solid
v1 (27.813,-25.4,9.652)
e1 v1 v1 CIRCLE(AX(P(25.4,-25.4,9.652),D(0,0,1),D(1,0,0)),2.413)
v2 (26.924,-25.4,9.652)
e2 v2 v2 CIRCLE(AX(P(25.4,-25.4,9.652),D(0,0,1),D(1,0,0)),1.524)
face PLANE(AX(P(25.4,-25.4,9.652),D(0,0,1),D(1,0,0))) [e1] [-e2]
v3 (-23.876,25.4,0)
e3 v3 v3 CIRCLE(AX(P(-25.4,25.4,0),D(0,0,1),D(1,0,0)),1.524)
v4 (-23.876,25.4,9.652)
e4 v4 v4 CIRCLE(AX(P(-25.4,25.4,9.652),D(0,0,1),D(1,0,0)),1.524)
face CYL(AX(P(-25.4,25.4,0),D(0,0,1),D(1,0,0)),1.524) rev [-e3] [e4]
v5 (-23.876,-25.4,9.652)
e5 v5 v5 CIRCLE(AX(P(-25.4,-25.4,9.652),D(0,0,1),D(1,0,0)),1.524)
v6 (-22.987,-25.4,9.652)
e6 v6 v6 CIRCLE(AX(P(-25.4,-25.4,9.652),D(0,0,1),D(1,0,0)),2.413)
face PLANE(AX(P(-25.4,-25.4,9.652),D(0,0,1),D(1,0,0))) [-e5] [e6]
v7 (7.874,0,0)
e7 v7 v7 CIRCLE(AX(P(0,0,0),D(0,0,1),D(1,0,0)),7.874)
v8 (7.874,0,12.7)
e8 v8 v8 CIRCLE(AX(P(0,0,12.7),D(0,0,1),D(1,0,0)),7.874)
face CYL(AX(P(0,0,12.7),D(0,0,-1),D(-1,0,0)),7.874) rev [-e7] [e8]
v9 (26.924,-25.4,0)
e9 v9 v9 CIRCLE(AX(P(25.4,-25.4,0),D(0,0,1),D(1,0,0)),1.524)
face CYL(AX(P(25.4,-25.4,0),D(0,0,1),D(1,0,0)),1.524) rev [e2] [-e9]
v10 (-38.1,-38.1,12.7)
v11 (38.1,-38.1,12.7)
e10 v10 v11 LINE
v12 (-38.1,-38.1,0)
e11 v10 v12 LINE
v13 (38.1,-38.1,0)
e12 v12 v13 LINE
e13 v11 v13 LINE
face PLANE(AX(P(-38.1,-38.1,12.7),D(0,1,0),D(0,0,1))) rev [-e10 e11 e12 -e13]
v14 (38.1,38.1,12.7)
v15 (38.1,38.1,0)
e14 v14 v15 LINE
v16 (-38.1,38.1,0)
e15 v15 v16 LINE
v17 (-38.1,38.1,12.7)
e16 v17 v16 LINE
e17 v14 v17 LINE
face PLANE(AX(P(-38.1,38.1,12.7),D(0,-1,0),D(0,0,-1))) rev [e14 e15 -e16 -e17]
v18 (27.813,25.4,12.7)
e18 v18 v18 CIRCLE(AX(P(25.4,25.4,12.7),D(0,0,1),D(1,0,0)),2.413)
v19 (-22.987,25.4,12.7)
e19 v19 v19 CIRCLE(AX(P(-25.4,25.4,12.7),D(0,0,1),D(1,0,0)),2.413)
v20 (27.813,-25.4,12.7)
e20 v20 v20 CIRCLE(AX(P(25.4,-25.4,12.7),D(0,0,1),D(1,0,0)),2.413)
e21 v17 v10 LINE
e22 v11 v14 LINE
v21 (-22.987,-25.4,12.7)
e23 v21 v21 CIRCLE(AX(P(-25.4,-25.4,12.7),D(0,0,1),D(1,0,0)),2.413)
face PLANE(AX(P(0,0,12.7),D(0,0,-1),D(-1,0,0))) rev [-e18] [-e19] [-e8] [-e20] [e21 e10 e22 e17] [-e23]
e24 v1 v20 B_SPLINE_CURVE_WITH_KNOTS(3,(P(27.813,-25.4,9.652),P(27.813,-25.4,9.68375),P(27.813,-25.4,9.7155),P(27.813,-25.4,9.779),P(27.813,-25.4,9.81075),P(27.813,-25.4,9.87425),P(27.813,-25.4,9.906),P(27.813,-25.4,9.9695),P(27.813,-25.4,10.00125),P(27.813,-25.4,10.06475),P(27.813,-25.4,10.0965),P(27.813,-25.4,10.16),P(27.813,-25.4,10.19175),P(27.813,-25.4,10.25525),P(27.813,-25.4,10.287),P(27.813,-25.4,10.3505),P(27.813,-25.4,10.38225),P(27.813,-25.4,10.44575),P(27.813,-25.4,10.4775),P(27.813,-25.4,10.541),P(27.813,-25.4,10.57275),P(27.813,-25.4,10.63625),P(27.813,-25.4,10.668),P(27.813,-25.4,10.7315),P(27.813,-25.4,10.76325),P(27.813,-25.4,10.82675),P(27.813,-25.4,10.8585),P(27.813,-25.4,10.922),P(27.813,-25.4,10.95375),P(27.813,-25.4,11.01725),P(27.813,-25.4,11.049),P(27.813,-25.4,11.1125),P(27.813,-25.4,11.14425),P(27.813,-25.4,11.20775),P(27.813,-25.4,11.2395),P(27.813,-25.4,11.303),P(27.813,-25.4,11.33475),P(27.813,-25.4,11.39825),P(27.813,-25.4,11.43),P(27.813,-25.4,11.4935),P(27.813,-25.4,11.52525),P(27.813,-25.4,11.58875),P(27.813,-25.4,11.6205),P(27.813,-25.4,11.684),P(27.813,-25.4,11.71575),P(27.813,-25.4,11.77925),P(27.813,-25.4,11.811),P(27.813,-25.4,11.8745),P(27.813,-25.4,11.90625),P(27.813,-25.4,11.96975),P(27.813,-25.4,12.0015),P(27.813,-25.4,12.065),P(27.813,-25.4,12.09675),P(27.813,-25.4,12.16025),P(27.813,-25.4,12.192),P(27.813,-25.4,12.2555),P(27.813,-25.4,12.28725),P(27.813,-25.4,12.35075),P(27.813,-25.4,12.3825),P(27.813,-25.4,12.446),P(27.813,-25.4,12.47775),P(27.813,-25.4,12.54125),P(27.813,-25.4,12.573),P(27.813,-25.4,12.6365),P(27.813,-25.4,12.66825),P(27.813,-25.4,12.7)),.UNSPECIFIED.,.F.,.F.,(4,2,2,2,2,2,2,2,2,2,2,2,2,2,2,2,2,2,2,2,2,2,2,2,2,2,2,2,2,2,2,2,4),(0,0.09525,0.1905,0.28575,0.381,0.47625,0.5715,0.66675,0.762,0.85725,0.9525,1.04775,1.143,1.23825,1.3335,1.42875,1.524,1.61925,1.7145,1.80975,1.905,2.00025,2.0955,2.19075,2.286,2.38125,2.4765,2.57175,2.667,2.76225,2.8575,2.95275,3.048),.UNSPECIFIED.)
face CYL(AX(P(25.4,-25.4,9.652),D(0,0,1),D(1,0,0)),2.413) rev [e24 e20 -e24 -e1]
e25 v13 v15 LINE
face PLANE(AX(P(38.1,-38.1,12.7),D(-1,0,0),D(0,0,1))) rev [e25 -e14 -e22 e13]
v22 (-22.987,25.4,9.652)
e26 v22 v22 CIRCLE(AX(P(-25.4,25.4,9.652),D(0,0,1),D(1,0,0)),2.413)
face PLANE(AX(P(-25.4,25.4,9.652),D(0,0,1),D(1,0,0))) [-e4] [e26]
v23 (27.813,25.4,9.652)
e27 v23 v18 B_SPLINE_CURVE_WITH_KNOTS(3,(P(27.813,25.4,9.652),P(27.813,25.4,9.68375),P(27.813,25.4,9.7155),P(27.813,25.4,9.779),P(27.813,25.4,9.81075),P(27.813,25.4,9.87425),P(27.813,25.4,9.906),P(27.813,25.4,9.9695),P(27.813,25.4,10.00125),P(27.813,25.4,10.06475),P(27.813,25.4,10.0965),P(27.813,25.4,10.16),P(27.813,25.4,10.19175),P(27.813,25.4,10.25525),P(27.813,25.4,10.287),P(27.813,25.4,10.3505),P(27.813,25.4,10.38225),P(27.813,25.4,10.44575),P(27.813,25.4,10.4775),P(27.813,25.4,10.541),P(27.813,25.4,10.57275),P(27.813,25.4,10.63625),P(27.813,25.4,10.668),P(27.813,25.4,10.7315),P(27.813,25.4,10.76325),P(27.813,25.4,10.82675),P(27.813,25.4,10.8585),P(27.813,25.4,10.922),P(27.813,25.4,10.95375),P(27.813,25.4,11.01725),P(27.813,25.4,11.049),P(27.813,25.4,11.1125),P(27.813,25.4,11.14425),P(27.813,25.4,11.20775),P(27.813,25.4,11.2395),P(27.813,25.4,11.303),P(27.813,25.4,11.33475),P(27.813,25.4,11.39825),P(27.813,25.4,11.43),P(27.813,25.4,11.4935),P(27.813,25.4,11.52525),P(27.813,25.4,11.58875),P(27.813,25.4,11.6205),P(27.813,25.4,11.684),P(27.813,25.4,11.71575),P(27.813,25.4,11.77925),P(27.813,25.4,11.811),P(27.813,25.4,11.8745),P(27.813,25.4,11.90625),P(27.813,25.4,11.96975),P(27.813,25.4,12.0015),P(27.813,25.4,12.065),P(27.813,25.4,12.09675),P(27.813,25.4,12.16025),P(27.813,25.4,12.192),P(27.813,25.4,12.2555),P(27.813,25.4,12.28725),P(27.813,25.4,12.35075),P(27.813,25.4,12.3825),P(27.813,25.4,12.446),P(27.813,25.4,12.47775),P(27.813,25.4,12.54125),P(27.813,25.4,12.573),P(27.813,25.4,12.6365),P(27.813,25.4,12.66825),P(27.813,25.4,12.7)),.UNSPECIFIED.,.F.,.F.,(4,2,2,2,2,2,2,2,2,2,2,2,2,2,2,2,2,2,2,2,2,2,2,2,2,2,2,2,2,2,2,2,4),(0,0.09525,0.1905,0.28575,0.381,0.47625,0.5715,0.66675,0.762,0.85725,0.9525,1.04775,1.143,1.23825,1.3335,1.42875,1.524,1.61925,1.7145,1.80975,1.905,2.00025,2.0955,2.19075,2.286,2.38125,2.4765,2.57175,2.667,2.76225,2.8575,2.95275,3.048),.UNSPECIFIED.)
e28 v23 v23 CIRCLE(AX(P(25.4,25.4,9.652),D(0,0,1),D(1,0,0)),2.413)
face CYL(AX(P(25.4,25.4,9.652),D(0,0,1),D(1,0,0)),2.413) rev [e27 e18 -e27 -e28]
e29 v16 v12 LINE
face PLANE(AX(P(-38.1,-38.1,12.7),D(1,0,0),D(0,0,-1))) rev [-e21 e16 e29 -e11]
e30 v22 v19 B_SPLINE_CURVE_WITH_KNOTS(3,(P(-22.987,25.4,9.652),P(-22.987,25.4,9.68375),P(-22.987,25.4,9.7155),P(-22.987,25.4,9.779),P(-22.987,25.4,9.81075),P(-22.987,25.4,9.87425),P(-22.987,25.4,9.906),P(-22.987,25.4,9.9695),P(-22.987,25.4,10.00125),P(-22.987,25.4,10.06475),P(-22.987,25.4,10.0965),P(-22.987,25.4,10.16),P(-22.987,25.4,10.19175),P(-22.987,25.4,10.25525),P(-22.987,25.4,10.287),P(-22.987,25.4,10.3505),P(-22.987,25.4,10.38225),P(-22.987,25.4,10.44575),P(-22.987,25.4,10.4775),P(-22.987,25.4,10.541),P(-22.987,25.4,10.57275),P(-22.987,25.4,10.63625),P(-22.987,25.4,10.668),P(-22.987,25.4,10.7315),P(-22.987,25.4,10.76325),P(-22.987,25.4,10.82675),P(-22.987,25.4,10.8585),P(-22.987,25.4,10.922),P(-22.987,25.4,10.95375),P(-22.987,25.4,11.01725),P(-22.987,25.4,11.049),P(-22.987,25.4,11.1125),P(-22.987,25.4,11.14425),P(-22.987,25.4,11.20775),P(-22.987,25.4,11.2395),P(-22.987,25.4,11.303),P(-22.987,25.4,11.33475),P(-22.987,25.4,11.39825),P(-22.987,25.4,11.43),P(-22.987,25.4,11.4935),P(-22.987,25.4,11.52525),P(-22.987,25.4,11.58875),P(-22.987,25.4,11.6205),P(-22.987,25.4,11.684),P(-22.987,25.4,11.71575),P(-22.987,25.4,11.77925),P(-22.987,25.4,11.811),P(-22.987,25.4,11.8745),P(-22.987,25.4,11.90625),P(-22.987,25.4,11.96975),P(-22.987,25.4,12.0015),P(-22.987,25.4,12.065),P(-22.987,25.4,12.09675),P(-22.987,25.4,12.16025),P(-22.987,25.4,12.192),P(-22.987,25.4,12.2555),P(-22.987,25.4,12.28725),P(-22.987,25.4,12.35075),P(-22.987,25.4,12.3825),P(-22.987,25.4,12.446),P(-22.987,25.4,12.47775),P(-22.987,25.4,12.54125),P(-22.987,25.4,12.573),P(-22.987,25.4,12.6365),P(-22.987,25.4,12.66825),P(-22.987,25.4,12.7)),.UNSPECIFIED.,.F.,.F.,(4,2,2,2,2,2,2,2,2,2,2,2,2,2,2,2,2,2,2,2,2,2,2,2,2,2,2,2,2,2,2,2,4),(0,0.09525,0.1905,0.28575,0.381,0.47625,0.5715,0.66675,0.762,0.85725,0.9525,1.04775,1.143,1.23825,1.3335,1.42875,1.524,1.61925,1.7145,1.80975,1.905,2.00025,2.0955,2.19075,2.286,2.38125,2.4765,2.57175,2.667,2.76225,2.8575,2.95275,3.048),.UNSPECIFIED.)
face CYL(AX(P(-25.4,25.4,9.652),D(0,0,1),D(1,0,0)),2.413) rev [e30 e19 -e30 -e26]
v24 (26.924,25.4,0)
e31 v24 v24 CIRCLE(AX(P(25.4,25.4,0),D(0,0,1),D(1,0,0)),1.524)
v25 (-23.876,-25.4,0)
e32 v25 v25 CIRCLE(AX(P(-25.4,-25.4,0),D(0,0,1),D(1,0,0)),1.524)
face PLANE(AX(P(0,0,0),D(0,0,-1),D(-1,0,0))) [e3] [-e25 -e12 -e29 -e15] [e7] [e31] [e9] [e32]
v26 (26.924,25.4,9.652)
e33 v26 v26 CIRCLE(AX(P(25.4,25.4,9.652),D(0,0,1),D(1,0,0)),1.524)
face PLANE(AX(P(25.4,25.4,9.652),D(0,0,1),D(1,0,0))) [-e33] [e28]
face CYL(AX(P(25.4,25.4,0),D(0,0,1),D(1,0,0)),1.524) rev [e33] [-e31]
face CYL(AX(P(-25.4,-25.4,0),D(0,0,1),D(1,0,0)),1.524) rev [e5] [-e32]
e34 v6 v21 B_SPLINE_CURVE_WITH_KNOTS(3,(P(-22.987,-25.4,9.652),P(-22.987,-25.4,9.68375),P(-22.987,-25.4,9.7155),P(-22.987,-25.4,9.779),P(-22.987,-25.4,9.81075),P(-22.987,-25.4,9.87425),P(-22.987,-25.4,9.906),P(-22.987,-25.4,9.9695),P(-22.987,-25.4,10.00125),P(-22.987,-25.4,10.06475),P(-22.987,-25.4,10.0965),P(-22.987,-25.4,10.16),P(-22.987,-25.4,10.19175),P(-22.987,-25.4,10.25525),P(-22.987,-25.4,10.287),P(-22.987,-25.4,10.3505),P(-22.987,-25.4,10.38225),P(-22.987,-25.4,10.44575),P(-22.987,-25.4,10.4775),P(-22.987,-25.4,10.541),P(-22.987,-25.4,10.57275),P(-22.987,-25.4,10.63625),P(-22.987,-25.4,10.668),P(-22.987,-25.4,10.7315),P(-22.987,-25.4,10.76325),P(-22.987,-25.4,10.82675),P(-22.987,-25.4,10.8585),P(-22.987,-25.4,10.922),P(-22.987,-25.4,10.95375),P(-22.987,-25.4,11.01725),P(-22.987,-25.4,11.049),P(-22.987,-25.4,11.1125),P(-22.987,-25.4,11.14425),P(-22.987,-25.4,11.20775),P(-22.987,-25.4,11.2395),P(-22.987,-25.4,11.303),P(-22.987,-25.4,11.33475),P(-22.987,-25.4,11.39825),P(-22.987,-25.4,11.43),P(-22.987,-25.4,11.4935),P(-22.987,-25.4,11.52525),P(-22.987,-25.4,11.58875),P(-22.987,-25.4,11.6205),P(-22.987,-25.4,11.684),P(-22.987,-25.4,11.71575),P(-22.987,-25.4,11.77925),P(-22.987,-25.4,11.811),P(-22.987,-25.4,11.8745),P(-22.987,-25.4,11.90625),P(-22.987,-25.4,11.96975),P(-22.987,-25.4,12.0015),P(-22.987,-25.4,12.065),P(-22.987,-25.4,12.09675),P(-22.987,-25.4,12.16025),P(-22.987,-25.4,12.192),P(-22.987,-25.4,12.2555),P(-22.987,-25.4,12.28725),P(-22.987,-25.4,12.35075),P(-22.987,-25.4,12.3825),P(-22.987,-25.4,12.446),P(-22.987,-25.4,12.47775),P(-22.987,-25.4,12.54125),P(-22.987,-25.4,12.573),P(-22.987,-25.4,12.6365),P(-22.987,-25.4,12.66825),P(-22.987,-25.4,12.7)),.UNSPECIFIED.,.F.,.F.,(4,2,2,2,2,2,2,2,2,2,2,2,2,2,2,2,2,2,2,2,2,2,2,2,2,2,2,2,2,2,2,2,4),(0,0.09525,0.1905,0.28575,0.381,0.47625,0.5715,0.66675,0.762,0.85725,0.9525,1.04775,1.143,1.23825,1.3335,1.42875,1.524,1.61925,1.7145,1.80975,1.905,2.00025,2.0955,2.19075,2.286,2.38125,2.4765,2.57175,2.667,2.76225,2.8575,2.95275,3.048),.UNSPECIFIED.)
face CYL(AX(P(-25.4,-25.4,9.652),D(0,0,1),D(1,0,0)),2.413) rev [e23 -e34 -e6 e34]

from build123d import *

# Parameters (mm, degrees)
SKETCH2_W           = 76.2
SKETCH2_H           = 76.2
SKETCH2_R           = 7.874
BOSS_EXTRUDE1_DEPTH = 12.7
SKETCH6_R           = 2.413
CUT_EXTRUDE3_DEPTH  = 3.048
SKETCH7_R           = 1.524
CUT_EXTRUDE4_DEPTH  = 55.739209932


with BuildPart() as part:
    # Sketch2 → Boss-Extrude1 (new body)
    with BuildSketch(Plane.XY):
        Rectangle(SKETCH2_W, SKETCH2_H)
        Circle(SKETCH2_R, mode=Mode.SUBTRACT)
    extrude(amount=BOSS_EXTRUDE1_DEPTH)

    # Sketch6 → Cut-Extrude3 (cut)
    with BuildSketch(Plane.XY.offset(12.7)):
        with Locations((-25.4, 25.4)):
            Circle(SKETCH6_R)
        with Locations((25.4, 25.4)):
            Circle(SKETCH6_R)
        with Locations((25.4, -25.4)):
            Circle(SKETCH6_R)
        with Locations((-25.4, -25.4)):
            Circle(SKETCH6_R)
    extrude(amount=-CUT_EXTRUDE3_DEPTH, mode=Mode.SUBTRACT)

    # Sketch7 → Cut-Extrude4 (cut, through all)
    with BuildSketch(Plane.XY.offset(9.652)):
        with Locations((-25.4, 25.4)):
            Circle(SKETCH7_R)
        with Locations((25.4, 25.4)):
            Circle(SKETCH7_R)
        with Locations((25.4, -25.4)):
            Circle(SKETCH7_R)
        with Locations((-25.4, -25.4)):
            Circle(SKETCH7_R)
    extrude(amount=-CUT_EXTRUDE4_DEPTH, mode=Mode.SUBTRACT)


solid = part.part
